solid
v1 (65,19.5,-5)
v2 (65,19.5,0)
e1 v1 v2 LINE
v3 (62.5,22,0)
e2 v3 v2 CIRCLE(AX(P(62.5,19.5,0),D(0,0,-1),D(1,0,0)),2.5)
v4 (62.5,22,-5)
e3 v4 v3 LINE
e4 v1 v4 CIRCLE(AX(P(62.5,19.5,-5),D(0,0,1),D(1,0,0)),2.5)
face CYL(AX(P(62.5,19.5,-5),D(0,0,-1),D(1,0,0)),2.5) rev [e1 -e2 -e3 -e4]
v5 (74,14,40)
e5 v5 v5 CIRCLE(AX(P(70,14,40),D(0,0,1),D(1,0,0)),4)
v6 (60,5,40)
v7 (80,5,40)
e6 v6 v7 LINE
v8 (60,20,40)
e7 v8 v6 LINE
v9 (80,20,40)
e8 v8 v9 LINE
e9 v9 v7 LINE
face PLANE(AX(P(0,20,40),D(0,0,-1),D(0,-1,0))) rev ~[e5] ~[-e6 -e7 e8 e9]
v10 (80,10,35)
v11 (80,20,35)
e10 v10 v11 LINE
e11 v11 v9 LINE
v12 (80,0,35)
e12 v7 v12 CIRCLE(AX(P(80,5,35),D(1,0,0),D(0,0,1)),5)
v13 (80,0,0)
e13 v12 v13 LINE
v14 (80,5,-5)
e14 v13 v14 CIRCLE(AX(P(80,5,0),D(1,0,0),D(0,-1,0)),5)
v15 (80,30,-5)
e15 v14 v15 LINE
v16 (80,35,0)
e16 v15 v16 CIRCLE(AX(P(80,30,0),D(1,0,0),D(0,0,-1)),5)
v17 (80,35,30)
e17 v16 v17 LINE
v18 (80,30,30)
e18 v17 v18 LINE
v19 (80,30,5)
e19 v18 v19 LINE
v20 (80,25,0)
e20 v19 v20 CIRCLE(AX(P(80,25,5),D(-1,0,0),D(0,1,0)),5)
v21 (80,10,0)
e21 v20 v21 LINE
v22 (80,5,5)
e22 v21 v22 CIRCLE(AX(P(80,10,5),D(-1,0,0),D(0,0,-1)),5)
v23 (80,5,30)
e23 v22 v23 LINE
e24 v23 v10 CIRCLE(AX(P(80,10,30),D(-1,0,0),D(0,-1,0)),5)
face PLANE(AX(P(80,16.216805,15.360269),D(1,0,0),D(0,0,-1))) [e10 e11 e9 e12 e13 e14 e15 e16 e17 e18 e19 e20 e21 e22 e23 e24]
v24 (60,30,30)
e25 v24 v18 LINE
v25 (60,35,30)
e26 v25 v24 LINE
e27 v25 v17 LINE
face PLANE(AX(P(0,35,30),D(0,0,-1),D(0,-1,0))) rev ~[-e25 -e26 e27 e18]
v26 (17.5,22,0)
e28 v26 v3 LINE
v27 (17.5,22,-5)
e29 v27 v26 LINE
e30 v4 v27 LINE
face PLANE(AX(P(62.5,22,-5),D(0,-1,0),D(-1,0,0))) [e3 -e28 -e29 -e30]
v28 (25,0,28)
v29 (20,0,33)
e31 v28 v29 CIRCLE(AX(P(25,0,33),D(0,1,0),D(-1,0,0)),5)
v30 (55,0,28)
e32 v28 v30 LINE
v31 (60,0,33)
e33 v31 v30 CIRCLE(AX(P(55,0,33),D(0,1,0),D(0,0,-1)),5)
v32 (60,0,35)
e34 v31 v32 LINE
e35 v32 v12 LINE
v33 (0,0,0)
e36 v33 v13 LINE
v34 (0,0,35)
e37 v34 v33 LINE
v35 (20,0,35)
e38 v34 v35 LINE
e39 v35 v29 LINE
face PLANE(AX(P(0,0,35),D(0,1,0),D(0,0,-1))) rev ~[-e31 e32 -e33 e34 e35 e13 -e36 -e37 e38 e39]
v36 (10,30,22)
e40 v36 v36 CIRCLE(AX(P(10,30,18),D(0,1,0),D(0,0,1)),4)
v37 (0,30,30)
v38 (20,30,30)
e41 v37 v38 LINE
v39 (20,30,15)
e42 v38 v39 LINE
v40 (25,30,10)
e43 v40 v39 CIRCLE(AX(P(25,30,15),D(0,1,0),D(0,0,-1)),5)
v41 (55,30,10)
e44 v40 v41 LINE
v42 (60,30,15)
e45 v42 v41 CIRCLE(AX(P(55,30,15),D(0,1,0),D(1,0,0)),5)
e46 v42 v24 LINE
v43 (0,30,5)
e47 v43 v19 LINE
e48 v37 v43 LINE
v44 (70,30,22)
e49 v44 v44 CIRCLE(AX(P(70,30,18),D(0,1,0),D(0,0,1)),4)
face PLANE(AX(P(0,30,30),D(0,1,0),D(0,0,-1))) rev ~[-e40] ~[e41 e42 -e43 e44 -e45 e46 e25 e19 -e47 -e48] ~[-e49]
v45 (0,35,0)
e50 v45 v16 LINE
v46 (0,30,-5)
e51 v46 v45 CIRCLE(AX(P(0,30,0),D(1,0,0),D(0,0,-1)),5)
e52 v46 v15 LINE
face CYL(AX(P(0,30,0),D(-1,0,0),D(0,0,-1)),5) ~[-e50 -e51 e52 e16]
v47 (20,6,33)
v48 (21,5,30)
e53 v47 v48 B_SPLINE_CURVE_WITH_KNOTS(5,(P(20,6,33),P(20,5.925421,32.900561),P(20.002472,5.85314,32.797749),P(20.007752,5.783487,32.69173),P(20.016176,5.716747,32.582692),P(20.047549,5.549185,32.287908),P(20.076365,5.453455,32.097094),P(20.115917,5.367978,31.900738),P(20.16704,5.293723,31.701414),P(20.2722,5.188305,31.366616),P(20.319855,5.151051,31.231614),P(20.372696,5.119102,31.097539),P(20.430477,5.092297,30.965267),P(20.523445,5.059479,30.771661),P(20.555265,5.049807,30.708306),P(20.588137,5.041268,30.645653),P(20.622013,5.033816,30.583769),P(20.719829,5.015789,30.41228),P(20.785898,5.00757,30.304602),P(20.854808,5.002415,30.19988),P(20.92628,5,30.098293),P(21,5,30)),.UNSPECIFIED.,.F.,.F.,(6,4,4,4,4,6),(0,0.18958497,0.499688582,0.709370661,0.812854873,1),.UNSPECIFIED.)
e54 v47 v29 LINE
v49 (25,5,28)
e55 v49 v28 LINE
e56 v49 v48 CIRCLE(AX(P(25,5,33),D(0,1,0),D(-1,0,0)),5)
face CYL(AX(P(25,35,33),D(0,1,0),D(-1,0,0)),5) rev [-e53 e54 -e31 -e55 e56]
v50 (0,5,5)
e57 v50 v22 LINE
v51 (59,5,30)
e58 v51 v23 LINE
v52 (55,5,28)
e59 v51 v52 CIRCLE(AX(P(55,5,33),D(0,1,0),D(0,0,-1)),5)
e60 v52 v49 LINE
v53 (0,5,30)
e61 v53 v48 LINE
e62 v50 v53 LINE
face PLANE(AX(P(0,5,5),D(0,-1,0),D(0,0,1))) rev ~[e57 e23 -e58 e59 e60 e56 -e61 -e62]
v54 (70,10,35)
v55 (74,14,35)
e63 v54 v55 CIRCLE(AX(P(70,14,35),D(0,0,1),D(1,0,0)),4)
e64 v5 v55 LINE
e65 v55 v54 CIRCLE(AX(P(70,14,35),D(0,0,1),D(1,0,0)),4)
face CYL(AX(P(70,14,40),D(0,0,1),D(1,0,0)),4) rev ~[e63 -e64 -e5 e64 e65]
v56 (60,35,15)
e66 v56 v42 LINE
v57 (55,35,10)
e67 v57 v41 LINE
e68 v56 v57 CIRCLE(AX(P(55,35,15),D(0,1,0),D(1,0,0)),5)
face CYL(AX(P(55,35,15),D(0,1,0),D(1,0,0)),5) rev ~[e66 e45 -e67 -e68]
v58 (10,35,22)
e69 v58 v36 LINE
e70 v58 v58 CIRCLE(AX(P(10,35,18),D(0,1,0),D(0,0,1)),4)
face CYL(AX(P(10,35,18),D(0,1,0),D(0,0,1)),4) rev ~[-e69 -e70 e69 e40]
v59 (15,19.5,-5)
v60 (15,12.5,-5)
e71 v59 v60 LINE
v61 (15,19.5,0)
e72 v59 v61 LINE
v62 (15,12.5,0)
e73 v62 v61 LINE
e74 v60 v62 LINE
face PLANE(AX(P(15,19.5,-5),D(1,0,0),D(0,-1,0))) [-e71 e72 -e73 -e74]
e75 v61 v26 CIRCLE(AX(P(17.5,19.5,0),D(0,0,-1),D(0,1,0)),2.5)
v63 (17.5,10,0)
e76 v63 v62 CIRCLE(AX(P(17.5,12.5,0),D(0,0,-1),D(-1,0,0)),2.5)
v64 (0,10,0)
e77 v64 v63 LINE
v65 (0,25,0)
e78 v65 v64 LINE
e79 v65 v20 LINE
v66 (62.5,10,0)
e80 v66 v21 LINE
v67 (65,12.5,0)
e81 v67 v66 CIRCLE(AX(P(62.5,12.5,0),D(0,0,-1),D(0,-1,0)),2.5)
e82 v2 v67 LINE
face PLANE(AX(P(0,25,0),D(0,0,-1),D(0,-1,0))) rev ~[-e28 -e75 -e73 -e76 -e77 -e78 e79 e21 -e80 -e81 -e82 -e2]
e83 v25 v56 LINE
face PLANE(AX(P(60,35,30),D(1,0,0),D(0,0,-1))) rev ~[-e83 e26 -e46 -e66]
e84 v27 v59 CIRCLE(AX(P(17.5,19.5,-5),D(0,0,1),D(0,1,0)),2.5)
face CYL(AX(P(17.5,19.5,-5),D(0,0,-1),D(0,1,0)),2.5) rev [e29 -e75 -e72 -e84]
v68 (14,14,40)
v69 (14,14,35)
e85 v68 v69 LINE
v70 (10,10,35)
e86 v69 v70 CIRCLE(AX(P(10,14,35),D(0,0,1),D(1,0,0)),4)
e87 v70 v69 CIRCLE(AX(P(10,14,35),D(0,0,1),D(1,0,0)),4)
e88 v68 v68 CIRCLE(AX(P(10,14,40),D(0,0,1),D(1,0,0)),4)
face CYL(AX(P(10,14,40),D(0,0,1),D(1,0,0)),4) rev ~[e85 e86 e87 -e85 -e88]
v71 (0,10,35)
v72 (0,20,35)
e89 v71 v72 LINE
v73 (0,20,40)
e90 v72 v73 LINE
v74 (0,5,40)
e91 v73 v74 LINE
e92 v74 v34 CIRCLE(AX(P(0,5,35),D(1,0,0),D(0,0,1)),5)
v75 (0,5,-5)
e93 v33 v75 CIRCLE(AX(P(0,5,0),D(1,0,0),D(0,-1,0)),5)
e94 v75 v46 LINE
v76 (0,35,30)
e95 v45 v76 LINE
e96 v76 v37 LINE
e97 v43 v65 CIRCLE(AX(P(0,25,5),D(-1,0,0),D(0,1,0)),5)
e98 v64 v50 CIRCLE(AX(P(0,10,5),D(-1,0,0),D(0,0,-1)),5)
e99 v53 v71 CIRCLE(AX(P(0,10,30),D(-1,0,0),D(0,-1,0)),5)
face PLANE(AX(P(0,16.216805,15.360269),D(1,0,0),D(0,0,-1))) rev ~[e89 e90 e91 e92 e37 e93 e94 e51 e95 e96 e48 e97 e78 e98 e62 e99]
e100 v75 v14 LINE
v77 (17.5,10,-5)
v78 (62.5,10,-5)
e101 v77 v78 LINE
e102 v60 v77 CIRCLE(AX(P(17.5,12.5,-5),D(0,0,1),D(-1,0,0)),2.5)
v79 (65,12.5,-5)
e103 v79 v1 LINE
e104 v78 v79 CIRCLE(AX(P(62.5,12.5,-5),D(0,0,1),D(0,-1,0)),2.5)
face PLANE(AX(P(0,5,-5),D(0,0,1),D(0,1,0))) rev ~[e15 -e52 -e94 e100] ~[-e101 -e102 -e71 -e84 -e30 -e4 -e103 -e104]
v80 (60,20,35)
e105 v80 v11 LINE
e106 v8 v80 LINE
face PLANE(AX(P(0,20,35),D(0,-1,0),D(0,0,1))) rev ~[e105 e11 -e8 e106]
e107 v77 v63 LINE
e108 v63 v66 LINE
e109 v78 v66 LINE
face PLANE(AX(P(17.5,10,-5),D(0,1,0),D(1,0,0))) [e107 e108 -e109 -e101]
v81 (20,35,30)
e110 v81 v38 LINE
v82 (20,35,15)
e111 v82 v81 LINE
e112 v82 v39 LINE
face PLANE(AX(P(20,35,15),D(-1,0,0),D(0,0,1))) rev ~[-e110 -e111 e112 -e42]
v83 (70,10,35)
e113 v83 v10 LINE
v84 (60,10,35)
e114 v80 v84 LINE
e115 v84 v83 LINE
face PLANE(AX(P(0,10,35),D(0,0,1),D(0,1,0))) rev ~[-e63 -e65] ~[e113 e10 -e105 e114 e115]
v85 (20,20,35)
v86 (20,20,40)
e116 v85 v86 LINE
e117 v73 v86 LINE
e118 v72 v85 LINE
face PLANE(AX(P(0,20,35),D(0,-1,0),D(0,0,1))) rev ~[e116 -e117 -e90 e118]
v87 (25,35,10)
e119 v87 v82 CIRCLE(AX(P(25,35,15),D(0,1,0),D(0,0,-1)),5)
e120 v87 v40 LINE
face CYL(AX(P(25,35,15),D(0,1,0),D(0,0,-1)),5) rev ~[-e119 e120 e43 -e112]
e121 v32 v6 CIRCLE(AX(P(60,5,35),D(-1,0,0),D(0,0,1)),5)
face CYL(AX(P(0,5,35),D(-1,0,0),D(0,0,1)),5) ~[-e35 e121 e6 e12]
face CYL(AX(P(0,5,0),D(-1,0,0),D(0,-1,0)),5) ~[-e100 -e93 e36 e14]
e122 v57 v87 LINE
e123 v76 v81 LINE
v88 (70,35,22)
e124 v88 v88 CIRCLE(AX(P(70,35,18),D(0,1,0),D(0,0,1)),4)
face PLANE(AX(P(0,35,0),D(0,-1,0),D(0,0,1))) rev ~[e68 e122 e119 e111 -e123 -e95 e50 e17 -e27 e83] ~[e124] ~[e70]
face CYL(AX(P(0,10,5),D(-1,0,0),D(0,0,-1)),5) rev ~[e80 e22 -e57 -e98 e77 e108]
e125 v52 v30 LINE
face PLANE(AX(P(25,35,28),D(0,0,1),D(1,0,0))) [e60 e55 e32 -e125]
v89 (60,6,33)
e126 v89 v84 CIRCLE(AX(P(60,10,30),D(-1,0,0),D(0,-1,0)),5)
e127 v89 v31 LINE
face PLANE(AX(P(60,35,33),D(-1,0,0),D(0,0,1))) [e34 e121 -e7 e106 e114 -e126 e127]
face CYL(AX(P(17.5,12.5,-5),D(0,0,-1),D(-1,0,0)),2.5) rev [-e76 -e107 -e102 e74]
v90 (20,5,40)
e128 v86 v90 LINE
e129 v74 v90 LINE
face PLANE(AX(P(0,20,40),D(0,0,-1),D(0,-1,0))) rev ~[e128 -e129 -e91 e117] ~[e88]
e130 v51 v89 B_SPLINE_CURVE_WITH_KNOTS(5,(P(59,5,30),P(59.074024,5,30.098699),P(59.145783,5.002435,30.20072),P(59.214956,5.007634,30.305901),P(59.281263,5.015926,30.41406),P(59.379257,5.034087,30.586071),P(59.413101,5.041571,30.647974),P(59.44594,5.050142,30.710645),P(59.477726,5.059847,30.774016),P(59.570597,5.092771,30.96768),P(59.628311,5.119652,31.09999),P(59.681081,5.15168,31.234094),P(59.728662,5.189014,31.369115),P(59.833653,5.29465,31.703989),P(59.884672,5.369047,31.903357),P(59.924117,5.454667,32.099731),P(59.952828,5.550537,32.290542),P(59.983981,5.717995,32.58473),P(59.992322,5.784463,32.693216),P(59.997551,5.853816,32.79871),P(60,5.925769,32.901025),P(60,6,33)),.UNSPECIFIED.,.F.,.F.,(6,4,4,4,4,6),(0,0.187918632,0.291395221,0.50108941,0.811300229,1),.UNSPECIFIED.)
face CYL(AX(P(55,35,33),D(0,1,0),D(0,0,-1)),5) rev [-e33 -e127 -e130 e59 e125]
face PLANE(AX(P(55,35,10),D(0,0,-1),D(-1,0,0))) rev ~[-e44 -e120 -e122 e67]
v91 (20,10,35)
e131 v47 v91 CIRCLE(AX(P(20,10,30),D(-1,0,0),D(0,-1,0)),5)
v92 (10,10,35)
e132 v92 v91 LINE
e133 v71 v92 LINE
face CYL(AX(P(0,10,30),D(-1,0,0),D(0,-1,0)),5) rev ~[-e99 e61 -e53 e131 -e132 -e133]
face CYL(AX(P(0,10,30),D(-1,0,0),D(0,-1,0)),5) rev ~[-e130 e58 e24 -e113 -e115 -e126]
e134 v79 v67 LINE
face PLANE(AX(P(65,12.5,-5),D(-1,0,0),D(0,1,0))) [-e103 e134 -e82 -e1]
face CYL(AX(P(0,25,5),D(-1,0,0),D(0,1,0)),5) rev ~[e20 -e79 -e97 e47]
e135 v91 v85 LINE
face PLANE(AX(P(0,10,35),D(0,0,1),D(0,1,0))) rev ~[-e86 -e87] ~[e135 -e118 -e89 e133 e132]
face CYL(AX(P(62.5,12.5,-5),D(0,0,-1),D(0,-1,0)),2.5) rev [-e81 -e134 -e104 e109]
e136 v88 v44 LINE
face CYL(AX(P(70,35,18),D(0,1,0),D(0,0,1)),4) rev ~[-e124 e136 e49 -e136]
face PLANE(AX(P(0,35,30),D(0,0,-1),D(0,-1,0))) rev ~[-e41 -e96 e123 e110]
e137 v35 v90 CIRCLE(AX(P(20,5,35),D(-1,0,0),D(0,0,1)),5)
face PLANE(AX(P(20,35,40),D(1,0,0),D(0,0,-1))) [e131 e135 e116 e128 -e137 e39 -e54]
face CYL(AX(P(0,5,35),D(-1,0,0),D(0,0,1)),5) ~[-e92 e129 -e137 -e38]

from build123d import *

# Parameters (mm, degrees)
BOSS_EXTRUDE1_DEPTH = 80
CUT_EXTRUDE1_REACH  = 100.234
CUT_EXTRUDE2_DEPTH  = 80
CUT_EXTRUDE3_REACH  = 98.047
SKETCH5_R           = 4
CUT_EXTRUDE4_REACH  = 100.234
SKETCH6_R           = 4


with BuildPart() as part:
    # Sketch1 → Boss-Extrude1 (new body)
    with BuildSketch(Plane(origin=(0, 0, 0), x_dir=(0, 0, -1), z_dir=(1, 0, 0))):
        with BuildLine():
            Line((-40, 20), (-40, 5))
            ThreePointArc((-40, 5), (-38.535533906, 1.464466094), (-35, 0))
            Line((-35, 0), (0, 0))
            ThreePointArc((0, 0), (3.535533906, 1.464466094), (5, 5))
            Line((5, 5), (5, 30))
            ThreePointArc((5, 30), (3.535533906, 33.535533906), (0, 35))
            Line((0, 35), (-30, 35))
            Line((-30, 35), (-30, 30))
            Line((-30, 30), (-5, 30))
            ThreePointArc((-5, 30), (-1.464466094, 28.535533906), (0, 25))
            Line((0, 25), (0, 10))
            ThreePointArc((0, 10), (-1.464466094, 6.464466094), (-5, 5))
            Line((-5, 5), (-30, 5))
            ThreePointArc((-30, 5), (-33.535533906, 6.464466094), (-35, 10))
            Line((-35, 10), (-35, 20))
            Line((-35, 20), (-40, 20))
        make_face()
    extrude(amount=BOSS_EXTRUDE1_DEPTH)

    # Sketch2 → Cut-Extrude1 (cut, up to next)
    with BuildSketch(Plane(origin=(0, 0, -5), x_dir=(-1, 0, 0), z_dir=(0, 0, -1)), mode=Mode.PRIVATE) as cut_extrude1_sk1:
        with BuildLine():
            Line((-62.5, 22), (-17.5, 22))
            ThreePointArc((-17.5, 22), (-15.732233047, 21.267766953), (-15, 19.5))
            Line((-15, 19.5), (-15, 12.5))
            ThreePointArc((-15, 12.5), (-15.732233047, 10.732233047), (-17.5, 10))
            Line((-17.5, 10), (-62.5, 10))
            ThreePointArc((-62.5, 10), (-64.267766953, 10.732233047), (-65, 12.5))
            Line((-65, 12.5), (-65, 19.5))
            ThreePointArc((-65, 19.5), (-64.267766953, 21.267766953), (-62.5, 22))
        make_face()
    cut_extrude1_tool1 = extrude(cut_extrude1_sk1.sketch, amount=-CUT_EXTRUDE1_REACH, mode=Mode.PRIVATE) & part.part
    add(cut_extrude1_tool1.solids().sort_by_distance((40, 16, -5))[0], mode=Mode.SUBTRACT)

    # Sketch4 → Cut-Extrude2 (cut)
    with BuildSketch(Plane(origin=(0, 35, 0), x_dir=(1, 0, 0), z_dir=(0, 1, 0))):
        with BuildLine():
            Line((20, -40), (20, -33))
            ThreePointArc((20, -33), (21.464466094, -29.464466094), (25, -28))
            Line((25, -28), (55, -28))
            ThreePointArc((55, -28), (58.535533906, -29.464466094), (60, -33))
            Line((60, -33), (60, -40))
            Line((60, -40), (20, -40))
        make_face()
    extrude(amount=-CUT_EXTRUDE2_DEPTH, mode=Mode.SUBTRACT)

    # Sketch5 → Cut-Extrude3 (cut, up to next)
    with BuildSketch(Plane(origin=(0, 35, 0), x_dir=(1, 0, 0), z_dir=(0, 1, 0)), mode=Mode.PRIVATE) as cut_extrude3_sk1:
        with Locations(Location((10, -18, 0), (0, 0, 270))):
            Circle(SKETCH5_R)
    cut_extrude3_tool1 = extrude(cut_extrude3_sk1.sketch, amount=-CUT_EXTRUDE3_REACH, mode=Mode.PRIVATE) & part.part
    # Sketch5 → Cut-Extrude3 (cut, up to next)
    with BuildSketch(Plane(origin=(0, 35, 0), x_dir=(1, 0, 0), z_dir=(0, 1, 0)), mode=Mode.PRIVATE) as cut_extrude3_sk2:
        with Locations(Location((70, -18, 0), (0, 0, 270))):
            Circle(SKETCH5_R)
    cut_extrude3_tool2 = extrude(cut_extrude3_sk2.sketch, amount=-CUT_EXTRUDE3_REACH, mode=Mode.PRIVATE) & part.part
    # Sketch5 → Cut-Extrude3 (cut, up to next)
    with BuildSketch(Plane(origin=(0, 35, 0), x_dir=(1, 0, 0), z_dir=(0, 1, 0)), mode=Mode.PRIVATE) as cut_extrude3_sk3:
        with BuildLine():
            Line((20, -30), (21, -30))
            ThreePointArc((21, -30), (22.763932023, -28.527864045), (25, -28))
            Line((25, -28), (55, -28))
            ThreePointArc((55, -28), (57.236067977, -28.527864045), (59, -30))
            Line((59, -30), (60, -30))
            Line((60, -30), (60, -15))
            ThreePointArc((60, -15), (58.535533906, -11.464466094), (55, -10))
            Line((55, -10), (25, -10))
            ThreePointArc((25, -10), (21.464466094, -11.464466094), (20, -15))
            Line((20, -15), (20, -30))
        make_face()
    cut_extrude3_tool3 = extrude(cut_extrude3_sk3.sketch, amount=-CUT_EXTRUDE3_REACH, mode=Mode.PRIVATE) & part.part
    add(cut_extrude3_tool1.solids().sort_by_distance((10, 35, 18))[0], mode=Mode.SUBTRACT)
    add(cut_extrude3_tool2.solids().sort_by_distance((70, 35, 18))[0], mode=Mode.SUBTRACT)
    add(cut_extrude3_tool3.solids().sort_by_distance((40, 35, 19.237715))[0], mode=Mode.SUBTRACT)

    # Sketch6 → Cut-Extrude4 (cut, up to next)
    with BuildSketch(Plane.XY.offset(40), mode=Mode.PRIVATE) as cut_extrude4_sk1:
        with Locations((10, 14)):
            Circle(SKETCH6_R)
    cut_extrude4_tool1 = extrude(cut_extrude4_sk1.sketch, amount=-CUT_EXTRUDE4_REACH, mode=Mode.PRIVATE) & part.part
    # Sketch6 → Cut-Extrude4 (cut, up to next)
    with BuildSketch(Plane.XY.offset(40), mode=Mode.PRIVATE) as cut_extrude4_sk2:
        with Locations((70, 14)):
            Circle(SKETCH6_R)
    cut_extrude4_tool2 = extrude(cut_extrude4_sk2.sketch, amount=-CUT_EXTRUDE4_REACH, mode=Mode.PRIVATE) & part.part
    add(cut_extrude4_tool1.solids().sort_by_distance((10, 14, 40))[0], mode=Mode.SUBTRACT)
    add(cut_extrude4_tool2.solids().sort_by_distance((70, 14, 40))[0], mode=Mode.SUBTRACT)


solid = part.part
